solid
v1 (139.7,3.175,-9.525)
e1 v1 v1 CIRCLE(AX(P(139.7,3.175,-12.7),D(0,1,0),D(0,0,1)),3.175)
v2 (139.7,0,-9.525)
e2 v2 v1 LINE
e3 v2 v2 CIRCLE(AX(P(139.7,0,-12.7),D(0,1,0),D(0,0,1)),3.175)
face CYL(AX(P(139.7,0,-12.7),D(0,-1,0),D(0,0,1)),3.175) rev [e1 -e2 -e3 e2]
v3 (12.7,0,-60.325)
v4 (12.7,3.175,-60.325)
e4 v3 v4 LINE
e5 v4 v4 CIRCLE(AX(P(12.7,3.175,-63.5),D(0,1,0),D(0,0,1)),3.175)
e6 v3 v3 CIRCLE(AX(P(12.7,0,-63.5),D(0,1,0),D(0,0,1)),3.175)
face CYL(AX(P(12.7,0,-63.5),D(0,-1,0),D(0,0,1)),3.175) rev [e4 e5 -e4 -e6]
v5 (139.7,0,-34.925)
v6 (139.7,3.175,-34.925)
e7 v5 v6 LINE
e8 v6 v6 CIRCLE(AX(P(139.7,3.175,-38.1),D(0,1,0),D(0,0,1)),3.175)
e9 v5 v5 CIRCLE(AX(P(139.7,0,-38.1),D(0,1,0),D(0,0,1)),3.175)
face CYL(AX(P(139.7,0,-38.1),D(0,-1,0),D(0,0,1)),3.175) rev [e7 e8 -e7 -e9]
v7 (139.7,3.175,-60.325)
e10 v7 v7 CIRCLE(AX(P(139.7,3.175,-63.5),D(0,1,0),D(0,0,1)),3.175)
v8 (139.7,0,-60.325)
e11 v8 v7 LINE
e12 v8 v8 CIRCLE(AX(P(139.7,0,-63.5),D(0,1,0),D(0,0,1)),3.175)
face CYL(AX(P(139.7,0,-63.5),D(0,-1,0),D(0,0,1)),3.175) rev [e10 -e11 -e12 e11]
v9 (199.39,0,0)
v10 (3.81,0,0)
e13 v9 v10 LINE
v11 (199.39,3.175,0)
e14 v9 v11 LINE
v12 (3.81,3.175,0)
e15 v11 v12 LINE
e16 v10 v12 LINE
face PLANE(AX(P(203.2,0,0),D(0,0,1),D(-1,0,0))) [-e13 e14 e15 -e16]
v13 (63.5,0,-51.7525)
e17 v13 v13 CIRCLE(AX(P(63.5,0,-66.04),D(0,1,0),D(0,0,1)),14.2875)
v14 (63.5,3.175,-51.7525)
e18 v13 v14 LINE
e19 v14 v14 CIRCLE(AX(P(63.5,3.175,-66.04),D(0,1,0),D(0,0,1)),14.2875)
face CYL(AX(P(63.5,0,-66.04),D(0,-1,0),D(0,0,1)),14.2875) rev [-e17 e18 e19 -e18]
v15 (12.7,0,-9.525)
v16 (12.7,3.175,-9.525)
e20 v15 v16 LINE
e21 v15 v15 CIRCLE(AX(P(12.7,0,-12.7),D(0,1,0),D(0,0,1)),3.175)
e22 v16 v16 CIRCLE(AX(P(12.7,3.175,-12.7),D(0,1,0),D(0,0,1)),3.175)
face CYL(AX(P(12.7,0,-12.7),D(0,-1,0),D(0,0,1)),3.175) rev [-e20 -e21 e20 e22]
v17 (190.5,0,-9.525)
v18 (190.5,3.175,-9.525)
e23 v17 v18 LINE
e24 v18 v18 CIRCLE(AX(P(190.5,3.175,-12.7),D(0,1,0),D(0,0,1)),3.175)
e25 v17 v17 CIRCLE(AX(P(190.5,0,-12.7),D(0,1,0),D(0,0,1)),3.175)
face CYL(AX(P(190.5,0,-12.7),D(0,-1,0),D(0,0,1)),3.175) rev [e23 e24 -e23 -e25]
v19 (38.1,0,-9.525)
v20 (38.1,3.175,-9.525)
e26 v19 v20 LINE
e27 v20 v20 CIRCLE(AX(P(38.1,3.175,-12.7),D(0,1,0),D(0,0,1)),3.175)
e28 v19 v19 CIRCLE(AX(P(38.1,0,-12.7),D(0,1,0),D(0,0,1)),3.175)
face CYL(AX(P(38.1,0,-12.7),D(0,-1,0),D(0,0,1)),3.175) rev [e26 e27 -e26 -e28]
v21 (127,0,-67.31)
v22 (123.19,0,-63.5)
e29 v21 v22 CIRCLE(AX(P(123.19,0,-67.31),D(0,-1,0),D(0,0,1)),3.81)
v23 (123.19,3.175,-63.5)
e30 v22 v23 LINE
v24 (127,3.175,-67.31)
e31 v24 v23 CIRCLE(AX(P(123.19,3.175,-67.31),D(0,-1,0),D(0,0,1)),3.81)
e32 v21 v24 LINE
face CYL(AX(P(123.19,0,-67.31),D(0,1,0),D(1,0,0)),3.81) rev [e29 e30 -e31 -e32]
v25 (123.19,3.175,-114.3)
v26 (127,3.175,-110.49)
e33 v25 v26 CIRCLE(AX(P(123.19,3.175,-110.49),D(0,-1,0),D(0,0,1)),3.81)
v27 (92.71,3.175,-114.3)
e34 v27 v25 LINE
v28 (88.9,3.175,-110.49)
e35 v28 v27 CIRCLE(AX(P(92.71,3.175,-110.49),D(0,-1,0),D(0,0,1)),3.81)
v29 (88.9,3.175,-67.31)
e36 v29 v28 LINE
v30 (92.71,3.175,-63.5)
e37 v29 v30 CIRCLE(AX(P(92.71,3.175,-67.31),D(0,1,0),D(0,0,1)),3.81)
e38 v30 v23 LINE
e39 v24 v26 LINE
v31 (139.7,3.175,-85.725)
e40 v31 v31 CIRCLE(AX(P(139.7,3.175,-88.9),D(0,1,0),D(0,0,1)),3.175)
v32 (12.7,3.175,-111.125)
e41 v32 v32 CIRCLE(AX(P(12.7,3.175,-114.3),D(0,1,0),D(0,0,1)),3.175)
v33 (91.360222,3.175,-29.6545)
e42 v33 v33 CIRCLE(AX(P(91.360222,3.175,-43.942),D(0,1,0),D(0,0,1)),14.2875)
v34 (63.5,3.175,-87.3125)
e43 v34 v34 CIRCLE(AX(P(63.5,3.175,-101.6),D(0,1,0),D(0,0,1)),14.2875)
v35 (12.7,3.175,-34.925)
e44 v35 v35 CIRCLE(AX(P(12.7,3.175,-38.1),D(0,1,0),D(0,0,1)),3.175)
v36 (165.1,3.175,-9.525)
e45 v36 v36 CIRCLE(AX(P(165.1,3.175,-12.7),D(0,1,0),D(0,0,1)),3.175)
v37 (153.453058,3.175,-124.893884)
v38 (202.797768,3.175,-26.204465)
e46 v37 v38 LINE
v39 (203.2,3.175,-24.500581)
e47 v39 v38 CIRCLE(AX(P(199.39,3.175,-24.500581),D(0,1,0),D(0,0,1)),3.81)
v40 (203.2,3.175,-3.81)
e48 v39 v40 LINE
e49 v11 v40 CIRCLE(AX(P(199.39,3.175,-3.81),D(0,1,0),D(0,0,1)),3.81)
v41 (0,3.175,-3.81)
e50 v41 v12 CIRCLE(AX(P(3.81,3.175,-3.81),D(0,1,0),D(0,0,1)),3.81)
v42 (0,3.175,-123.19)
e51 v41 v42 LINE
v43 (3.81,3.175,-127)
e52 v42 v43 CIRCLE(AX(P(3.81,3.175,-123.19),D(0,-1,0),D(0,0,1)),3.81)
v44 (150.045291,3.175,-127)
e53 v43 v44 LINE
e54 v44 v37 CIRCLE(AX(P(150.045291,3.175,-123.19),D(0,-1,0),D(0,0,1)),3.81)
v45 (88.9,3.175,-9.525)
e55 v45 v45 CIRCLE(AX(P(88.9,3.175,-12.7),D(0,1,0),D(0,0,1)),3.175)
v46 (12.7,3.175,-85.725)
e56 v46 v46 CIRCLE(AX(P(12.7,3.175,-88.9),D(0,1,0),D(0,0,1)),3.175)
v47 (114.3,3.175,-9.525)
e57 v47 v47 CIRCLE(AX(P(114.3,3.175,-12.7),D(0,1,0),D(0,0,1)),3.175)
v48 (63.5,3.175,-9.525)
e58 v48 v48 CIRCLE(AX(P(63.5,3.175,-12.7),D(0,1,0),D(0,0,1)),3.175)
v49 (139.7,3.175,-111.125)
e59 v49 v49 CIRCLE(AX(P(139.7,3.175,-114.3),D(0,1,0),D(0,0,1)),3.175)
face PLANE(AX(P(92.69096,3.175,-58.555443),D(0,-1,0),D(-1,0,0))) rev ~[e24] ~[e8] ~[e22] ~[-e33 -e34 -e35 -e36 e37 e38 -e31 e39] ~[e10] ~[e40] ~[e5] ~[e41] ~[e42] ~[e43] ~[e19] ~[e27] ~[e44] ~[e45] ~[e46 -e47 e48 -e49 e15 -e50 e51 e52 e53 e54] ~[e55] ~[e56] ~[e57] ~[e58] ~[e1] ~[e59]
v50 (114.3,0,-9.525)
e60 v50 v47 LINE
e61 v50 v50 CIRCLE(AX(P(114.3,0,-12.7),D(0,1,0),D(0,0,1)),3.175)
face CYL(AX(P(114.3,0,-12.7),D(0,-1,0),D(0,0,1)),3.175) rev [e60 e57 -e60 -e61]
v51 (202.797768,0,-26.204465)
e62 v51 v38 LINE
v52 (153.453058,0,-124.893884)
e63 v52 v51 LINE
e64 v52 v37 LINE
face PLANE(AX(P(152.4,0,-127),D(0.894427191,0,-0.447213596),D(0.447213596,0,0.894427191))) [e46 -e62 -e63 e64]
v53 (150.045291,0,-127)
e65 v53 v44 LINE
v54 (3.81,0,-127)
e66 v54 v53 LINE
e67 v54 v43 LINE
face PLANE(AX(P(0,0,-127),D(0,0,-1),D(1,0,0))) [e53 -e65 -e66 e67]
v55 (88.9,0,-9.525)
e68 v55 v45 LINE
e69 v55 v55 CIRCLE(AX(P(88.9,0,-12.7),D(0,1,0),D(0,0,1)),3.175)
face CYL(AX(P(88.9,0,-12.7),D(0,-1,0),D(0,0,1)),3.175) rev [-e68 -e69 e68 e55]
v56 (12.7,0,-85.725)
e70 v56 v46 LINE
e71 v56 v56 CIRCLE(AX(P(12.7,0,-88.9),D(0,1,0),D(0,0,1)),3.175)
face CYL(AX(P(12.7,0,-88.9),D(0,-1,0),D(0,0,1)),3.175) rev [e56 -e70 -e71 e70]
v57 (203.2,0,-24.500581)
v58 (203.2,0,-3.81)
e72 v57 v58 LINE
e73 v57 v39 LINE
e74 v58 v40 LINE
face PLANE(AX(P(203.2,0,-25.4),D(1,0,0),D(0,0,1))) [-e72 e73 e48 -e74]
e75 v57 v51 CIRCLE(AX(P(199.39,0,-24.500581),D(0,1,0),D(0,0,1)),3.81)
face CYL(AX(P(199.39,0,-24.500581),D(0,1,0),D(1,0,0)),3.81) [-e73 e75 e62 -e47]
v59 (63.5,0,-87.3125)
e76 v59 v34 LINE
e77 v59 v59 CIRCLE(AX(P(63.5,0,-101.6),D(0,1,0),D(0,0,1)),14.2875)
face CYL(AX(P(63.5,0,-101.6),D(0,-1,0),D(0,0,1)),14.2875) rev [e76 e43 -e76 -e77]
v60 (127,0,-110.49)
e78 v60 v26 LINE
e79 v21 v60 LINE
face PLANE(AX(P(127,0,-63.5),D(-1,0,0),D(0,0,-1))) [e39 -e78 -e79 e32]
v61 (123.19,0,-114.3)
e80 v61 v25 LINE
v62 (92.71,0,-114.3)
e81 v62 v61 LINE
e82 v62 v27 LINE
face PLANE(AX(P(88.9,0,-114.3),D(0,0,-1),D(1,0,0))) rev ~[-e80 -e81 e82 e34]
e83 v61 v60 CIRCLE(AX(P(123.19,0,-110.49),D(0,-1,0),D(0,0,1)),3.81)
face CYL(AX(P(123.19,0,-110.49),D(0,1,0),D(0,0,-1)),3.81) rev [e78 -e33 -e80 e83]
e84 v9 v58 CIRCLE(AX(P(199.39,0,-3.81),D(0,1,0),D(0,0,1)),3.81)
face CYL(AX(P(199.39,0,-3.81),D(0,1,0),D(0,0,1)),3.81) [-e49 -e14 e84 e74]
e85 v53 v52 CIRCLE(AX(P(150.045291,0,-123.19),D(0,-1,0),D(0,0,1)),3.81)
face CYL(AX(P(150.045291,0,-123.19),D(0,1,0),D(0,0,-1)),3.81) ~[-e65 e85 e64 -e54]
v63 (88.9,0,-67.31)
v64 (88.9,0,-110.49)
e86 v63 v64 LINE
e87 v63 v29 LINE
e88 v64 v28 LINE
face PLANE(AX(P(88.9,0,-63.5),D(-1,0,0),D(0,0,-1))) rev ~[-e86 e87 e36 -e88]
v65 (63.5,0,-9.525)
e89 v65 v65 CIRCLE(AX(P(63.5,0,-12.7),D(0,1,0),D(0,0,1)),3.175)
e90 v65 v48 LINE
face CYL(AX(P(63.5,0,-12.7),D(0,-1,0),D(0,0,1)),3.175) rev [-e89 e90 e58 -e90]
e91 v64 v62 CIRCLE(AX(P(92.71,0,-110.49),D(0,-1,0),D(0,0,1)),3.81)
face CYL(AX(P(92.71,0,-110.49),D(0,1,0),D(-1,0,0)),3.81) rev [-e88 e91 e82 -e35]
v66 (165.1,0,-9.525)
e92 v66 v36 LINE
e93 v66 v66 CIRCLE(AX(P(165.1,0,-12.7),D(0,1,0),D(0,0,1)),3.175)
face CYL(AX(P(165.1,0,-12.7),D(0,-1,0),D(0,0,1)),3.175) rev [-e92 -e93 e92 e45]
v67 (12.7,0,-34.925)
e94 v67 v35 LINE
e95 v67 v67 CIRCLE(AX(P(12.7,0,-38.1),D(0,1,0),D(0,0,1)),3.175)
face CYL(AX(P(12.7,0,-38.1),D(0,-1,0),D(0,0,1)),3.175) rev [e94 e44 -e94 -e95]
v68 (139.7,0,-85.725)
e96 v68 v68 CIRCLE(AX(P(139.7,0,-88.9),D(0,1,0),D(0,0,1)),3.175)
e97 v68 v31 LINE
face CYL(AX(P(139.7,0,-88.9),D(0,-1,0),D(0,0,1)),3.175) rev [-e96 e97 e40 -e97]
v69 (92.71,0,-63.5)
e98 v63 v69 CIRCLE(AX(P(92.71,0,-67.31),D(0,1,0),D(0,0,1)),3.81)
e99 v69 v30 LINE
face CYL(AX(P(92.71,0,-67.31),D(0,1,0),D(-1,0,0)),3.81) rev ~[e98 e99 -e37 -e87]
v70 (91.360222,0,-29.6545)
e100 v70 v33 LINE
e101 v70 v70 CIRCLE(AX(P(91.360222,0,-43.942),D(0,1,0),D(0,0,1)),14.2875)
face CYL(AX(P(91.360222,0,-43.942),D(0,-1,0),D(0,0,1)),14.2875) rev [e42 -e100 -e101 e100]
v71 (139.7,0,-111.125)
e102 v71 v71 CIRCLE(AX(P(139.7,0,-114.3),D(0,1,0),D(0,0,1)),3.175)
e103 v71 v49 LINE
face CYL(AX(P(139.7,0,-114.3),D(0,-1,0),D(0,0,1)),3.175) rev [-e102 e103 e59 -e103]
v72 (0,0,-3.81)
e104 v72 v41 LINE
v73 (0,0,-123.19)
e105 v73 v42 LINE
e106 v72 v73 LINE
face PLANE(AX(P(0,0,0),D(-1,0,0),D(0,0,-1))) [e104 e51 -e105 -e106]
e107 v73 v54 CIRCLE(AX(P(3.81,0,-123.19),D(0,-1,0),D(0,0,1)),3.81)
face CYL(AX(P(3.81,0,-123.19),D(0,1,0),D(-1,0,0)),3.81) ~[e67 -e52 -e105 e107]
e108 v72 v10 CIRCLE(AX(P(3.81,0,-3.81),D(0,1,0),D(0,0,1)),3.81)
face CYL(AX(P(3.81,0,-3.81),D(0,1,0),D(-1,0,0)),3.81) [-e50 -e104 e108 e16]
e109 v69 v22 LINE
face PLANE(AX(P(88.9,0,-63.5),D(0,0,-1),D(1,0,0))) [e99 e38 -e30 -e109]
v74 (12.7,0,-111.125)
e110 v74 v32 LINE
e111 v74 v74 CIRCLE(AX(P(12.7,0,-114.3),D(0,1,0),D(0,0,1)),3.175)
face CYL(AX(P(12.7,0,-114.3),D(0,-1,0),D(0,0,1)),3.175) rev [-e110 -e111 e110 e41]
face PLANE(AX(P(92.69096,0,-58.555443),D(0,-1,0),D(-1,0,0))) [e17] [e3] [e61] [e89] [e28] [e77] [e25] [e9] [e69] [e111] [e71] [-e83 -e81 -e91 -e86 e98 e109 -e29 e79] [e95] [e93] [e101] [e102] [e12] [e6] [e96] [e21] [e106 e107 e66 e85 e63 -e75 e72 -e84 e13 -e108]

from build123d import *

# Parameters (mm, degrees)
SKETCH1_R           = 14.2875
SKETCH1_R_2         = 3.175
SKETCH1_W           = 38.1
SKETCH1_H           = 50.8
BOSS_EXTRUDE1_DEPTH = 3.175
FILLET1_R           = 3.81


with BuildPart() as part:
    # Sketch1 → Boss-Extrude1 (new body)
    with BuildSketch(Plane(origin=(0, 0, 0), x_dir=(1, 0, 0), z_dir=(0, 1, 0))):
        Polygon((0, 0), (0, 127), (152.4, 127), (203.2, 25.4), (203.2, 0), align=None)
        with Locations(Location((63.5, 101.6, 0), (0, 0, 270))):
            Circle(SKETCH1_R, mode=Mode.SUBTRACT)
        with Locations(Location((63.5, 66.04, 0), (0, 0, 270))):
            Circle(SKETCH1_R, mode=Mode.SUBTRACT)
        with Locations(Location((91.360222469, 43.942, 0), (0, 0, 270))):
            Circle(SKETCH1_R, mode=Mode.SUBTRACT)
        with Locations(Location((12.7, 12.7, 0), (0, 0, 270))):
            Circle(SKETCH1_R_2, mode=Mode.SUBTRACT)
        with Locations(Location((38.1, 12.7, 0), (0, 0, 270))):
            Circle(SKETCH1_R_2, mode=Mode.SUBTRACT)
        with Locations(Location((63.5, 12.7, 0), (0, 0, 270))):
            Circle(SKETCH1_R_2, mode=Mode.SUBTRACT)
        with Locations(Location((88.9, 12.7, 0), (0, 0, 270))):
            Circle(SKETCH1_R_2, mode=Mode.SUBTRACT)
        with Locations(Location((114.3, 12.7, 0), (0, 0, 270))):
            Circle(SKETCH1_R_2, mode=Mode.SUBTRACT)
        with Locations(Location((139.7, 12.7, 0), (0, 0, 270))):
            Circle(SKETCH1_R_2, mode=Mode.SUBTRACT)
        with Locations(Location((165.1, 12.7, 0), (0, 0, 270))):
            Circle(SKETCH1_R_2, mode=Mode.SUBTRACT)
        with Locations(Location((190.5, 12.7, 0), (0, 0, 270))):
            Circle(SKETCH1_R_2, mode=Mode.SUBTRACT)
        with Locations(Location((12.7, 38.1, 0), (0, 0, 270))):
            Circle(SKETCH1_R_2, mode=Mode.SUBTRACT)
        with Locations(Location((12.7, 63.5, 0), (0, 0, 270))):
            Circle(SKETCH1_R_2, mode=Mode.SUBTRACT)
        with Locations(Location((12.7, 88.9, 0), (0, 0, 270))):
            Circle(SKETCH1_R_2, mode=Mode.SUBTRACT)
        with Locations(Location((12.7, 114.3, 0), (0, 0, 270))):
            Circle(SKETCH1_R_2, mode=Mode.SUBTRACT)
        with Locations(Location((139.7, 38.1, 0), (0, 0, 270))):
            Circle(SKETCH1_R_2, mode=Mode.SUBTRACT)
        with Locations(Location((139.7, 63.5, 0), (0, 0, 270))):
            Circle(SKETCH1_R_2, mode=Mode.SUBTRACT)
        with Locations(Location((139.7, 88.9, 0), (0, 0, 270))):
            Circle(SKETCH1_R_2, mode=Mode.SUBTRACT)
        with Locations(Location((139.7, 114.3, 0), (0, 0, 270))):
            Circle(SKETCH1_R_2, mode=Mode.SUBTRACT)
        with Locations((107.95, 88.9)):
            Rectangle(SKETCH1_W, SKETCH1_H, mode=Mode.SUBTRACT)
    extrude(amount=BOSS_EXTRUDE1_DEPTH)

    # Fillet1
    fillet1_edges = [part.edges().sort_by_distance(p)[0] for p in [
        (88.9, 1.5875, -114.3),
        (88.9, 1.5875, -63.5),
        (127, 1.5875, -63.5),
        (127, 1.5875, -114.3),
        (0, 1.5875, 0),
        (0, 1.5875, -127),
        (152.4, 1.5875, -127),
        (203.2, 1.5875, -25.4),
        (203.2, 1.5875, 0),
    ]]
    fillet(fillet1_edges, radius=FILLET1_R)


solid = part.part
